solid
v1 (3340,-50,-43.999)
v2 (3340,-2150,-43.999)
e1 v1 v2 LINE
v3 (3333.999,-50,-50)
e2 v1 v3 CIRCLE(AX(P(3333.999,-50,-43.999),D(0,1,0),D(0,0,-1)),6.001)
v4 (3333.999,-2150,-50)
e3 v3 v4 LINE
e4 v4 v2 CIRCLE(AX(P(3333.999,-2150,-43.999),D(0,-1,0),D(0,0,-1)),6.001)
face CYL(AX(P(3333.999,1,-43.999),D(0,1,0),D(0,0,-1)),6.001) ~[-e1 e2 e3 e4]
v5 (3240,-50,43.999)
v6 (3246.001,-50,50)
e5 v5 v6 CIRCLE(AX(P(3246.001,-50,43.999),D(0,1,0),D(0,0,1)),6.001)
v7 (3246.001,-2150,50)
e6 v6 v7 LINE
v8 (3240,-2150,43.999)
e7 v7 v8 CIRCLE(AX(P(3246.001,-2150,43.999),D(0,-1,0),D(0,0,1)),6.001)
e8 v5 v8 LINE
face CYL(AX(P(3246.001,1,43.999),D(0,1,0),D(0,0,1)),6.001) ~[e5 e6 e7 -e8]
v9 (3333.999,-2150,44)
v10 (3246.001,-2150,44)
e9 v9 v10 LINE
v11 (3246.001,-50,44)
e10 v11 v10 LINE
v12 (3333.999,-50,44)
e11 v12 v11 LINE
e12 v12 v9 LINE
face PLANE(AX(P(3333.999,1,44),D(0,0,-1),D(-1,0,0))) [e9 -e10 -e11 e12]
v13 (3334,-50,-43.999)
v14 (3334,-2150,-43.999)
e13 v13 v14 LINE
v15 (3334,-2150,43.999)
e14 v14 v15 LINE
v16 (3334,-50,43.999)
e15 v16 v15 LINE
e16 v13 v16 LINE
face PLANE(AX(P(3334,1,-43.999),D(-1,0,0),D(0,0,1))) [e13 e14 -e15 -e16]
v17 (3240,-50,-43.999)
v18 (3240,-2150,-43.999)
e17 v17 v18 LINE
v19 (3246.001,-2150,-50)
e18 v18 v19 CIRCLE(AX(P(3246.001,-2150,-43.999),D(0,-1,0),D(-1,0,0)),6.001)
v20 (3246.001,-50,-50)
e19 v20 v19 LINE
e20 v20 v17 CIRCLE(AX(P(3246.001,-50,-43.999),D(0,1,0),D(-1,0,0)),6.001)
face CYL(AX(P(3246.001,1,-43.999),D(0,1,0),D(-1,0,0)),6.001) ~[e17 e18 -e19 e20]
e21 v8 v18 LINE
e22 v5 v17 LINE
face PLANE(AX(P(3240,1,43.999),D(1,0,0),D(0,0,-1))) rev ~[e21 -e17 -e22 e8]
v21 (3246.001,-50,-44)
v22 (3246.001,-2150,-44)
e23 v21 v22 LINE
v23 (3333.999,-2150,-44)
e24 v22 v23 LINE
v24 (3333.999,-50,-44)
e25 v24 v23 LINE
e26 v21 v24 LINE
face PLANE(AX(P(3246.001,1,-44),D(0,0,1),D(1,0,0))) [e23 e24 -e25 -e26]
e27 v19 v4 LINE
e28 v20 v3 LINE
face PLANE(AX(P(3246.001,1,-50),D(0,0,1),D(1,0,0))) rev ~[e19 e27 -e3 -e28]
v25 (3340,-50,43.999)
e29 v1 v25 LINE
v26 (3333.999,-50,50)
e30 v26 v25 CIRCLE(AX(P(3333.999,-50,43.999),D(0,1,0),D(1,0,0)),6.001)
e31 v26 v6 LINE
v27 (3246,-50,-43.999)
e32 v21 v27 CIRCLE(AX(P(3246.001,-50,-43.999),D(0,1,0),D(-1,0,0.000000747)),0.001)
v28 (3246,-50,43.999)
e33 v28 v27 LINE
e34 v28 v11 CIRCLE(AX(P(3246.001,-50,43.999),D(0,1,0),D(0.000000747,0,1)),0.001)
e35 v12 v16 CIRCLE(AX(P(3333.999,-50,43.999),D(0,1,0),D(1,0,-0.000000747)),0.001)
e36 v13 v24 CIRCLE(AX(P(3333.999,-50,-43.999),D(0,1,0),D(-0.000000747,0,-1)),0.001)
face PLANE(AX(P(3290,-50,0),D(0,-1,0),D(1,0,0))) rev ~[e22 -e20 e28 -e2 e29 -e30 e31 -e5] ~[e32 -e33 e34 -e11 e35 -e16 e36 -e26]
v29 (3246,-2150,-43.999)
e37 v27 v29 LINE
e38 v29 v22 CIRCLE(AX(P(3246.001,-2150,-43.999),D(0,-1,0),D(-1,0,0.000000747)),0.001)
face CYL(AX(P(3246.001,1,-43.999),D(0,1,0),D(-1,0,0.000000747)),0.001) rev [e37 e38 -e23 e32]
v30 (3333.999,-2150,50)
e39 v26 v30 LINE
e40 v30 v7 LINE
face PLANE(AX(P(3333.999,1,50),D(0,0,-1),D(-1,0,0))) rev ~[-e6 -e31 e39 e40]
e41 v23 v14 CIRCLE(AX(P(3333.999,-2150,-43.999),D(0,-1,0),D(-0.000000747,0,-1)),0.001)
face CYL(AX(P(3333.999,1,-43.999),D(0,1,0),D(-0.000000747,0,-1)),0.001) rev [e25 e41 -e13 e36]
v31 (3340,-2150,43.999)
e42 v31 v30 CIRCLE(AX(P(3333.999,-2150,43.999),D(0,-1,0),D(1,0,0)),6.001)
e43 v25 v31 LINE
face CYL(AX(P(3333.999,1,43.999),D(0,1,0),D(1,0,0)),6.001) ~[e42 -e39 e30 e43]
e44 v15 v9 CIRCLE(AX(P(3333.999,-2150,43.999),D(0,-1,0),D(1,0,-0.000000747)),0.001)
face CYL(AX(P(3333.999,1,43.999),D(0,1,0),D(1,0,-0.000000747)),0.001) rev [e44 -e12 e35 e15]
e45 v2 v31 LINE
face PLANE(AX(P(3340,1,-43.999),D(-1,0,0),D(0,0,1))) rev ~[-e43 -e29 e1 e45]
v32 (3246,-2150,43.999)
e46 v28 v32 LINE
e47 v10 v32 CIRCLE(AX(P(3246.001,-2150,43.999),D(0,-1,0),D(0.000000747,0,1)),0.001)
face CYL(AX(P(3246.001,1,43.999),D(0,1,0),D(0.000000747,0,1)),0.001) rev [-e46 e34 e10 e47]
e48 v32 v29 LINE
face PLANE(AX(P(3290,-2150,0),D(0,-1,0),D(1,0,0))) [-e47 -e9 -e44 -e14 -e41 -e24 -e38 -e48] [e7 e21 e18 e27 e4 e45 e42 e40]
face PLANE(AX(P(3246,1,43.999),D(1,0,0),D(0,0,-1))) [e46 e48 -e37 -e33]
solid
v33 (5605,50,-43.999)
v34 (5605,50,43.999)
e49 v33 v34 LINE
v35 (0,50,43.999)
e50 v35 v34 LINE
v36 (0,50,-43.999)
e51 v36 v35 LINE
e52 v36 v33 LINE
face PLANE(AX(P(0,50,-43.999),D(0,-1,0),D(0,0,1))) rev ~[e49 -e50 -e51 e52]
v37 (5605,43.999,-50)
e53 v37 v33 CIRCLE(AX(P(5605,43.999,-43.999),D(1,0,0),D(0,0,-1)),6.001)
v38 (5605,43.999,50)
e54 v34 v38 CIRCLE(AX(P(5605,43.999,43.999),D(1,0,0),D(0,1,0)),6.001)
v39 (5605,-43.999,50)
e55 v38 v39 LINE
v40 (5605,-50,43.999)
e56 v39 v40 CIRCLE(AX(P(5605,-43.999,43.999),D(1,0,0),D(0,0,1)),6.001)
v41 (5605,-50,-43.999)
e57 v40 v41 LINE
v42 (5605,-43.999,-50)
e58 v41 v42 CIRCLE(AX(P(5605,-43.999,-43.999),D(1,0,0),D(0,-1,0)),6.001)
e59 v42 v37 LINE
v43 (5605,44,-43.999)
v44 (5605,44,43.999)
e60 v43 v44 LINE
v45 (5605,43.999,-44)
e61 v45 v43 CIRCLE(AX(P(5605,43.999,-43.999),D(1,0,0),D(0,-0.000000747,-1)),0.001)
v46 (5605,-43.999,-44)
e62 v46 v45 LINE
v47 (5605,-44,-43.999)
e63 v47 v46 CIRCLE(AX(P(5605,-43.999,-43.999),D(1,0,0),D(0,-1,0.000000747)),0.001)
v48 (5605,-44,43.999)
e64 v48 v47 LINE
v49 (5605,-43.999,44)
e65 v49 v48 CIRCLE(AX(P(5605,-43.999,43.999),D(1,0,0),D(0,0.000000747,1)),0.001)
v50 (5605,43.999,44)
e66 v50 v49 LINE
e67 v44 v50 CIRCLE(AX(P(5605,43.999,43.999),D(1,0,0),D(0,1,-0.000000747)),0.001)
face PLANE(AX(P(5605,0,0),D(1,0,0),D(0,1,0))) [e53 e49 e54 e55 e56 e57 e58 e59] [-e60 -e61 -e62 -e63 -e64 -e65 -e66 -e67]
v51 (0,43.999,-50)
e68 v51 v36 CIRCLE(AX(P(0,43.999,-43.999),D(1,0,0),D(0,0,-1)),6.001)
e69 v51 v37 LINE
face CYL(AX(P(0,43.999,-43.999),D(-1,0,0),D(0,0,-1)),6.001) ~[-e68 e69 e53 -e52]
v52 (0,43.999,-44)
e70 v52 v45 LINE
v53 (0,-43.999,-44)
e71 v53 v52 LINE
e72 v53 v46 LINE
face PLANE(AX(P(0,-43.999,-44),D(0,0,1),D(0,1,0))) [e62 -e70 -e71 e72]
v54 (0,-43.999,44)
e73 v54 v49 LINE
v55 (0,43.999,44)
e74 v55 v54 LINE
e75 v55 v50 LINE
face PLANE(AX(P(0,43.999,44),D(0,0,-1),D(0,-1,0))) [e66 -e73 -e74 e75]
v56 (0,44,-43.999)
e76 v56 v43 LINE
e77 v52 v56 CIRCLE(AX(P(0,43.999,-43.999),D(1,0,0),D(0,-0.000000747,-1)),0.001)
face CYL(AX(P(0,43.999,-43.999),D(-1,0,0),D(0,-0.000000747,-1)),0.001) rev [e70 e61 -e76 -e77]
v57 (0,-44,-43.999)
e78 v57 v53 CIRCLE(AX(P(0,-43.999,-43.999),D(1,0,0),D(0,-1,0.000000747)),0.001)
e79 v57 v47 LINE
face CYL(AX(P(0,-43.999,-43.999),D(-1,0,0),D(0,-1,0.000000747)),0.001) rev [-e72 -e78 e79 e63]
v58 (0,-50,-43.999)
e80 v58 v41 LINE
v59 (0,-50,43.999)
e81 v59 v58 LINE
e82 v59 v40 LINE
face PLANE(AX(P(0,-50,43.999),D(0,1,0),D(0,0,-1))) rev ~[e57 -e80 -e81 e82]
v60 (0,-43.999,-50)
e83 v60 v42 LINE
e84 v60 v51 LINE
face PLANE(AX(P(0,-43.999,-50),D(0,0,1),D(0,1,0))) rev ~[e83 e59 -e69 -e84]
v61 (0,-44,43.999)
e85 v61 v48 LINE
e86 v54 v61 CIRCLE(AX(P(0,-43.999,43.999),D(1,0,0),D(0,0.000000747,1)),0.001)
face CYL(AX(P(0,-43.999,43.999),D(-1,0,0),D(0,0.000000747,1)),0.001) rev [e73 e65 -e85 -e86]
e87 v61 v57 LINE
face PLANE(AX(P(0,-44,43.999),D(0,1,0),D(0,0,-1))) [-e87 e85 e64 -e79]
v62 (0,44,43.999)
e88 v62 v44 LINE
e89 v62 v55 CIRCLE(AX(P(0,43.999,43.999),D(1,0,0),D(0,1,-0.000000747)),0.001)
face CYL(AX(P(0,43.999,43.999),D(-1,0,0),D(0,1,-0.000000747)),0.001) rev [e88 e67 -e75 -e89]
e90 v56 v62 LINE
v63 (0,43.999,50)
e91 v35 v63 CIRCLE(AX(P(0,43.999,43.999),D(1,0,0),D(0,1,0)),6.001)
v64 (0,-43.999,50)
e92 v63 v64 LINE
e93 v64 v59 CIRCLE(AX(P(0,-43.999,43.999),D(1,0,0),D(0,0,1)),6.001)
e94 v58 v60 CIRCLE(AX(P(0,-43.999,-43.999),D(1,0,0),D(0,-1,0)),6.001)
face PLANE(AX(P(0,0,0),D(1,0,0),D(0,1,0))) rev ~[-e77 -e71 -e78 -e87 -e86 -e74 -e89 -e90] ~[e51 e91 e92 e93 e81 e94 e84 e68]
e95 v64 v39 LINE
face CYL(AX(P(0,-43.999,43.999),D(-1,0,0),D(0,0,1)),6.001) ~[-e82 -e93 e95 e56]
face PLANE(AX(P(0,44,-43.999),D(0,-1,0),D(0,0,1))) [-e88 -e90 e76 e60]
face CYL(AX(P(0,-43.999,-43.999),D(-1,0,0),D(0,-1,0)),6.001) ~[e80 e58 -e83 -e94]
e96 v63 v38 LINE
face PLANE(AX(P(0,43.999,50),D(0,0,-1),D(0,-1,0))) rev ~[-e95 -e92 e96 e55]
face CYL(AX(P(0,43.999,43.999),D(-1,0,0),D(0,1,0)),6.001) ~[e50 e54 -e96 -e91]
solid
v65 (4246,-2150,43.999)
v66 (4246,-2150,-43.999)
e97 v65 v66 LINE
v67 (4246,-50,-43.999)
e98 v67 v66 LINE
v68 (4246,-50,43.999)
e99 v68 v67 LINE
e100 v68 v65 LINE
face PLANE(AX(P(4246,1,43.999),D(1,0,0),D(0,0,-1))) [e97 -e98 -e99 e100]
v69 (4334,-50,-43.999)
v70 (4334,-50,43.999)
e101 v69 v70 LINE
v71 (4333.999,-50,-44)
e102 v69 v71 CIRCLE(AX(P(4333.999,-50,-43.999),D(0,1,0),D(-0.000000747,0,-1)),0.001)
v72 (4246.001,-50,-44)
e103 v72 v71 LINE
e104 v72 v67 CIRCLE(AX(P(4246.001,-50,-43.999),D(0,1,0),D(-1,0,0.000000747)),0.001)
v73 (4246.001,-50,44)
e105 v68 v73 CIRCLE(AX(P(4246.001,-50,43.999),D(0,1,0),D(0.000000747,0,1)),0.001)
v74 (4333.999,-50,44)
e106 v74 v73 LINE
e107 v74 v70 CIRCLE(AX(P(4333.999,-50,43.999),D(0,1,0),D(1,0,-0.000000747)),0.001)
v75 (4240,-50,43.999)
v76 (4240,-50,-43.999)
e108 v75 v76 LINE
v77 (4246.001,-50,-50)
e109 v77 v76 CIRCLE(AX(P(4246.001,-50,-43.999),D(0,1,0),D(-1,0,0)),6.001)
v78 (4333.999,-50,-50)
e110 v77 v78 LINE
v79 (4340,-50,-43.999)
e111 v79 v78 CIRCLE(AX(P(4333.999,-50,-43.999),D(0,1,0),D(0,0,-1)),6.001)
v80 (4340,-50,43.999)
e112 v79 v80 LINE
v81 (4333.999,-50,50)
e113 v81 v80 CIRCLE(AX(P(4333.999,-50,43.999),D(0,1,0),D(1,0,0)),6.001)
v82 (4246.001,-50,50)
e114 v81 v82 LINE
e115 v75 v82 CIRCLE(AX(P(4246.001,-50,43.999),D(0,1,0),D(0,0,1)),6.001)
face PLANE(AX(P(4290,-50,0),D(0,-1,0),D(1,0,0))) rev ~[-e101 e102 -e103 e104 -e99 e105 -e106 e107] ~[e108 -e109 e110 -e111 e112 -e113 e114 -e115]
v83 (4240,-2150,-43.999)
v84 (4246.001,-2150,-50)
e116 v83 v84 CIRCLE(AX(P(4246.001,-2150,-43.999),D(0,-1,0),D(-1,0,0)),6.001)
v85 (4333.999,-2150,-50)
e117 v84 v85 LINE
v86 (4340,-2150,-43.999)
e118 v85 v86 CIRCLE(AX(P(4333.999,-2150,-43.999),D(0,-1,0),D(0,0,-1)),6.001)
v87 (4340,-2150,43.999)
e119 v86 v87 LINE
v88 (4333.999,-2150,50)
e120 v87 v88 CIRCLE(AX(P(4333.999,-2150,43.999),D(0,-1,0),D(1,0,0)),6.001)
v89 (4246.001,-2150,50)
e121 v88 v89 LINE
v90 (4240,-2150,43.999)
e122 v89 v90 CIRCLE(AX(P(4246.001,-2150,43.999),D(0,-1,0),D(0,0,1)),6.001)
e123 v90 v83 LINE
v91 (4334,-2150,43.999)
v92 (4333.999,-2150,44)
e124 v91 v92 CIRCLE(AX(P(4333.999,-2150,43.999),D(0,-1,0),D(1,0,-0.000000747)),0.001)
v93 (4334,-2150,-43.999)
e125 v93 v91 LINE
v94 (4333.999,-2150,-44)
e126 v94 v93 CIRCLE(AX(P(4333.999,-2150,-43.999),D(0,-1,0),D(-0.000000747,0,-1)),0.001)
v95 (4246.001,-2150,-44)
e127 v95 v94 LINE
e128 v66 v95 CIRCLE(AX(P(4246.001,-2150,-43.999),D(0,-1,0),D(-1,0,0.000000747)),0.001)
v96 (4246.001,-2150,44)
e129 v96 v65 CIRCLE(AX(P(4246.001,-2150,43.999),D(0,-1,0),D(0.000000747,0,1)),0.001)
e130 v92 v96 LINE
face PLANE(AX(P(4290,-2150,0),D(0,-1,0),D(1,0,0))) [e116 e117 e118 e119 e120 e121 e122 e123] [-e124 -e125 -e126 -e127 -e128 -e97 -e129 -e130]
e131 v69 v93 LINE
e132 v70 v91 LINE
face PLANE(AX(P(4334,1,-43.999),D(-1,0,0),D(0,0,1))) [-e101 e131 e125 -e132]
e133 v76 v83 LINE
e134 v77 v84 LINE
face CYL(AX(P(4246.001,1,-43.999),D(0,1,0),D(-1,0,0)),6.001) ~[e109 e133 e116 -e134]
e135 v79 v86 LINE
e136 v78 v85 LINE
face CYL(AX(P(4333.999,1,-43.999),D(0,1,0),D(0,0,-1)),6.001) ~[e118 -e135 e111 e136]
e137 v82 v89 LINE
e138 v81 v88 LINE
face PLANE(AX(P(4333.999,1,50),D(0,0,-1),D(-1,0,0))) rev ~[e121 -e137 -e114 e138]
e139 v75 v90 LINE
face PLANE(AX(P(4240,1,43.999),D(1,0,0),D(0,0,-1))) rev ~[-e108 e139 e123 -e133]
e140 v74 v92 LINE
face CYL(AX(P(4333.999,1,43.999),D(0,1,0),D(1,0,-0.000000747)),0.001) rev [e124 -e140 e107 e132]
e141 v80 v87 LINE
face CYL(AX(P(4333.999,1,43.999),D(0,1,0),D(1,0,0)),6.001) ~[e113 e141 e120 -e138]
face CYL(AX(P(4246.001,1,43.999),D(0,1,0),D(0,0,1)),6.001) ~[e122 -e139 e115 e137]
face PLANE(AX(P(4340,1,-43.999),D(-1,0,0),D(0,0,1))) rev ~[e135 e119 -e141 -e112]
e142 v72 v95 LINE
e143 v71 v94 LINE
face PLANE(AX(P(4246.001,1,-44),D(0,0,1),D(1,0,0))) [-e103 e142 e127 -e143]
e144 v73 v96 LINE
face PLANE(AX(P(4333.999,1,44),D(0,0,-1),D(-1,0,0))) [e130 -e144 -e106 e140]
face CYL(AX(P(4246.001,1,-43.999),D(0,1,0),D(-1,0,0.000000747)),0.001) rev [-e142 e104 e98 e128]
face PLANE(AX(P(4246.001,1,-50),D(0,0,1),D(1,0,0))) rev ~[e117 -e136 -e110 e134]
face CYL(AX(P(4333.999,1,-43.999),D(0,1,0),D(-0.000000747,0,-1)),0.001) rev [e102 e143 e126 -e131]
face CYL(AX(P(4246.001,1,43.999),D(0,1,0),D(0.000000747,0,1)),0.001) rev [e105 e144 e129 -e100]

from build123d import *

# Parameters (mm, degrees)
F_8639_82_100_X_100_X_6_0_1_DEPTH   = 5605
F_8639_82_100_X_100_X_6_0_1_2_DEPTH = 2151
F_8639_82_100_X_100_X_6_0_1_3_DEPTH = 2151


with BuildPart() as part:
    # Sketch1 → Квадратная труба гост 8639-82 100 X 100 X 6.0(1) (new body)
    with BuildSketch(Plane.YZ):
        with BuildLine():
            Line((-43.999, -50), (43.999, -50))
            ThreePointArc((43.999, -50), (48.242347794, -48.242347794), (50, -43.999))
            Line((50, -43.999), (50, 43.999))
            ThreePointArc((50, 43.999), (48.242347794, 48.242347794), (43.999, 50))
            Line((43.999, 50), (-43.999, 50))
            ThreePointArc((-43.999, 50), (-48.242347794, 48.242347794), (-50, 43.999))
            Line((-50, 43.999), (-50, -43.999))
            ThreePointArc((-50, -43.999), (-48.242347794, -48.242347794), (-43.999, -50))
        make_face()
        with BuildLine():
            Line((-43.999, -44), (43.999, -44))
            ThreePointArc((43.999, -44), (43.999707107, -43.999707107), (44, -43.999))
            Line((44, -43.999), (44, 43.999))
            ThreePointArc((44, 43.999), (43.999707107, 43.999707107), (43.999, 44))
            Line((43.999, 44), (-43.999, 44))
            ThreePointArc((-43.999, 44), (-43.999707107, 43.999707107), (-44, 43.999))
            Line((-44, 43.999), (-44, -43.999))
            ThreePointArc((-44, -43.999), (-43.999707107, -43.999707107), (-43.999, -44))
        make_face(mode=Mode.SUBTRACT)
    extrude(amount=F_8639_82_100_X_100_X_6_0_1_DEPTH)


with BuildPart() as body_2:
    # Sketch1 on segment 2 (carried to segment 2) → 8639-82 100 X 100 X 6.0_1 2 (new body)
    with BuildSketch(Plane(origin=(3290, 1, 0), x_dir=(1, 0, 0), z_dir=(0, -1, 0))):
        with BuildLine():
            Line((-43.999, -50), (43.999, -50))
            ThreePointArc((43.999, -50), (48.242347794, -48.242347794), (50, -43.999))
            Line((50, -43.999), (50, 43.999))
            ThreePointArc((50, 43.999), (48.242347794, 48.242347794), (43.999, 50))
            Line((43.999, 50), (-43.999, 50))
            ThreePointArc((-43.999, 50), (-48.242347794, 48.242347794), (-50, 43.999))
            Line((-50, 43.999), (-50, -43.999))
            ThreePointArc((-50, -43.999), (-48.242347794, -48.242347794), (-43.999, -50))
        make_face()
        with BuildLine():
            Line((-43.999, -44), (43.999, -44))
            ThreePointArc((43.999, -44), (43.999707107, -43.999707107), (44, -43.999))
            Line((44, -43.999), (44, 43.999))
            ThreePointArc((44, 43.999), (43.999707107, 43.999707107), (43.999, 44))
            Line((43.999, 44), (-43.999, 44))
            ThreePointArc((-43.999, 44), (-43.999707107, 43.999707107), (-44, 43.999))
            Line((-44, 43.999), (-44, -43.999))
            ThreePointArc((-44, -43.999), (-43.999707107, -43.999707107), (-43.999, -44))
        make_face(mode=Mode.SUBTRACT)
    extrude(amount=F_8639_82_100_X_100_X_6_0_1_2_DEPTH)

    # 8639-82 100 X 100 X 6.0_1 2 end butt 1
    split(bisect_by=Plane(origin=(3290, -50, 0), x_dir=(1, 0, 0), z_dir=(0, -1, 0)), keep=Keep.TOP)


with BuildPart() as body_3:
    # Sketch1 on segment 3 (carried to segment 3) → 8639-82 100 X 100 X 6.0_1 3 (new body)
    with BuildSketch(Plane(origin=(4290, 1, 0), x_dir=(1, 0, 0), z_dir=(0, -1, 0))):
        with BuildLine():
            Line((-43.999, -50), (43.999, -50))
            ThreePointArc((43.999, -50), (48.242347794, -48.242347794), (50, -43.999))
            Line((50, -43.999), (50, 43.999))
            ThreePointArc((50, 43.999), (48.242347794, 48.242347794), (43.999, 50))
            Line((43.999, 50), (-43.999, 50))
            ThreePointArc((-43.999, 50), (-48.242347794, 48.242347794), (-50, 43.999))
            Line((-50, 43.999), (-50, -43.999))
            ThreePointArc((-50, -43.999), (-48.242347794, -48.242347794), (-43.999, -50))
        make_face()
        with BuildLine():
            Line((-43.999, -44), (43.999, -44))
            ThreePointArc((43.999, -44), (43.999707107, -43.999707107), (44, -43.999))
            Line((44, -43.999), (44, 43.999))
            ThreePointArc((44, 43.999), (43.999707107, 43.999707107), (43.999, 44))
            Line((43.999, 44), (-43.999, 44))
            ThreePointArc((-43.999, 44), (-43.999707107, 43.999707107), (-44, 43.999))
            Line((-44, 43.999), (-44, -43.999))
            ThreePointArc((-44, -43.999), (-43.999707107, -43.999707107), (-43.999, -44))
        make_face(mode=Mode.SUBTRACT)
    extrude(amount=F_8639_82_100_X_100_X_6_0_1_3_DEPTH)

    # 8639-82 100 X 100 X 6.0_1 3 end butt 1
    split(bisect_by=Plane(origin=(4290, -50, 0), x_dir=(1, 0, 0), z_dir=(0, -1, 0)), keep=Keep.TOP)


solid = Compound([part.part, body_2.part, body_3.part])
